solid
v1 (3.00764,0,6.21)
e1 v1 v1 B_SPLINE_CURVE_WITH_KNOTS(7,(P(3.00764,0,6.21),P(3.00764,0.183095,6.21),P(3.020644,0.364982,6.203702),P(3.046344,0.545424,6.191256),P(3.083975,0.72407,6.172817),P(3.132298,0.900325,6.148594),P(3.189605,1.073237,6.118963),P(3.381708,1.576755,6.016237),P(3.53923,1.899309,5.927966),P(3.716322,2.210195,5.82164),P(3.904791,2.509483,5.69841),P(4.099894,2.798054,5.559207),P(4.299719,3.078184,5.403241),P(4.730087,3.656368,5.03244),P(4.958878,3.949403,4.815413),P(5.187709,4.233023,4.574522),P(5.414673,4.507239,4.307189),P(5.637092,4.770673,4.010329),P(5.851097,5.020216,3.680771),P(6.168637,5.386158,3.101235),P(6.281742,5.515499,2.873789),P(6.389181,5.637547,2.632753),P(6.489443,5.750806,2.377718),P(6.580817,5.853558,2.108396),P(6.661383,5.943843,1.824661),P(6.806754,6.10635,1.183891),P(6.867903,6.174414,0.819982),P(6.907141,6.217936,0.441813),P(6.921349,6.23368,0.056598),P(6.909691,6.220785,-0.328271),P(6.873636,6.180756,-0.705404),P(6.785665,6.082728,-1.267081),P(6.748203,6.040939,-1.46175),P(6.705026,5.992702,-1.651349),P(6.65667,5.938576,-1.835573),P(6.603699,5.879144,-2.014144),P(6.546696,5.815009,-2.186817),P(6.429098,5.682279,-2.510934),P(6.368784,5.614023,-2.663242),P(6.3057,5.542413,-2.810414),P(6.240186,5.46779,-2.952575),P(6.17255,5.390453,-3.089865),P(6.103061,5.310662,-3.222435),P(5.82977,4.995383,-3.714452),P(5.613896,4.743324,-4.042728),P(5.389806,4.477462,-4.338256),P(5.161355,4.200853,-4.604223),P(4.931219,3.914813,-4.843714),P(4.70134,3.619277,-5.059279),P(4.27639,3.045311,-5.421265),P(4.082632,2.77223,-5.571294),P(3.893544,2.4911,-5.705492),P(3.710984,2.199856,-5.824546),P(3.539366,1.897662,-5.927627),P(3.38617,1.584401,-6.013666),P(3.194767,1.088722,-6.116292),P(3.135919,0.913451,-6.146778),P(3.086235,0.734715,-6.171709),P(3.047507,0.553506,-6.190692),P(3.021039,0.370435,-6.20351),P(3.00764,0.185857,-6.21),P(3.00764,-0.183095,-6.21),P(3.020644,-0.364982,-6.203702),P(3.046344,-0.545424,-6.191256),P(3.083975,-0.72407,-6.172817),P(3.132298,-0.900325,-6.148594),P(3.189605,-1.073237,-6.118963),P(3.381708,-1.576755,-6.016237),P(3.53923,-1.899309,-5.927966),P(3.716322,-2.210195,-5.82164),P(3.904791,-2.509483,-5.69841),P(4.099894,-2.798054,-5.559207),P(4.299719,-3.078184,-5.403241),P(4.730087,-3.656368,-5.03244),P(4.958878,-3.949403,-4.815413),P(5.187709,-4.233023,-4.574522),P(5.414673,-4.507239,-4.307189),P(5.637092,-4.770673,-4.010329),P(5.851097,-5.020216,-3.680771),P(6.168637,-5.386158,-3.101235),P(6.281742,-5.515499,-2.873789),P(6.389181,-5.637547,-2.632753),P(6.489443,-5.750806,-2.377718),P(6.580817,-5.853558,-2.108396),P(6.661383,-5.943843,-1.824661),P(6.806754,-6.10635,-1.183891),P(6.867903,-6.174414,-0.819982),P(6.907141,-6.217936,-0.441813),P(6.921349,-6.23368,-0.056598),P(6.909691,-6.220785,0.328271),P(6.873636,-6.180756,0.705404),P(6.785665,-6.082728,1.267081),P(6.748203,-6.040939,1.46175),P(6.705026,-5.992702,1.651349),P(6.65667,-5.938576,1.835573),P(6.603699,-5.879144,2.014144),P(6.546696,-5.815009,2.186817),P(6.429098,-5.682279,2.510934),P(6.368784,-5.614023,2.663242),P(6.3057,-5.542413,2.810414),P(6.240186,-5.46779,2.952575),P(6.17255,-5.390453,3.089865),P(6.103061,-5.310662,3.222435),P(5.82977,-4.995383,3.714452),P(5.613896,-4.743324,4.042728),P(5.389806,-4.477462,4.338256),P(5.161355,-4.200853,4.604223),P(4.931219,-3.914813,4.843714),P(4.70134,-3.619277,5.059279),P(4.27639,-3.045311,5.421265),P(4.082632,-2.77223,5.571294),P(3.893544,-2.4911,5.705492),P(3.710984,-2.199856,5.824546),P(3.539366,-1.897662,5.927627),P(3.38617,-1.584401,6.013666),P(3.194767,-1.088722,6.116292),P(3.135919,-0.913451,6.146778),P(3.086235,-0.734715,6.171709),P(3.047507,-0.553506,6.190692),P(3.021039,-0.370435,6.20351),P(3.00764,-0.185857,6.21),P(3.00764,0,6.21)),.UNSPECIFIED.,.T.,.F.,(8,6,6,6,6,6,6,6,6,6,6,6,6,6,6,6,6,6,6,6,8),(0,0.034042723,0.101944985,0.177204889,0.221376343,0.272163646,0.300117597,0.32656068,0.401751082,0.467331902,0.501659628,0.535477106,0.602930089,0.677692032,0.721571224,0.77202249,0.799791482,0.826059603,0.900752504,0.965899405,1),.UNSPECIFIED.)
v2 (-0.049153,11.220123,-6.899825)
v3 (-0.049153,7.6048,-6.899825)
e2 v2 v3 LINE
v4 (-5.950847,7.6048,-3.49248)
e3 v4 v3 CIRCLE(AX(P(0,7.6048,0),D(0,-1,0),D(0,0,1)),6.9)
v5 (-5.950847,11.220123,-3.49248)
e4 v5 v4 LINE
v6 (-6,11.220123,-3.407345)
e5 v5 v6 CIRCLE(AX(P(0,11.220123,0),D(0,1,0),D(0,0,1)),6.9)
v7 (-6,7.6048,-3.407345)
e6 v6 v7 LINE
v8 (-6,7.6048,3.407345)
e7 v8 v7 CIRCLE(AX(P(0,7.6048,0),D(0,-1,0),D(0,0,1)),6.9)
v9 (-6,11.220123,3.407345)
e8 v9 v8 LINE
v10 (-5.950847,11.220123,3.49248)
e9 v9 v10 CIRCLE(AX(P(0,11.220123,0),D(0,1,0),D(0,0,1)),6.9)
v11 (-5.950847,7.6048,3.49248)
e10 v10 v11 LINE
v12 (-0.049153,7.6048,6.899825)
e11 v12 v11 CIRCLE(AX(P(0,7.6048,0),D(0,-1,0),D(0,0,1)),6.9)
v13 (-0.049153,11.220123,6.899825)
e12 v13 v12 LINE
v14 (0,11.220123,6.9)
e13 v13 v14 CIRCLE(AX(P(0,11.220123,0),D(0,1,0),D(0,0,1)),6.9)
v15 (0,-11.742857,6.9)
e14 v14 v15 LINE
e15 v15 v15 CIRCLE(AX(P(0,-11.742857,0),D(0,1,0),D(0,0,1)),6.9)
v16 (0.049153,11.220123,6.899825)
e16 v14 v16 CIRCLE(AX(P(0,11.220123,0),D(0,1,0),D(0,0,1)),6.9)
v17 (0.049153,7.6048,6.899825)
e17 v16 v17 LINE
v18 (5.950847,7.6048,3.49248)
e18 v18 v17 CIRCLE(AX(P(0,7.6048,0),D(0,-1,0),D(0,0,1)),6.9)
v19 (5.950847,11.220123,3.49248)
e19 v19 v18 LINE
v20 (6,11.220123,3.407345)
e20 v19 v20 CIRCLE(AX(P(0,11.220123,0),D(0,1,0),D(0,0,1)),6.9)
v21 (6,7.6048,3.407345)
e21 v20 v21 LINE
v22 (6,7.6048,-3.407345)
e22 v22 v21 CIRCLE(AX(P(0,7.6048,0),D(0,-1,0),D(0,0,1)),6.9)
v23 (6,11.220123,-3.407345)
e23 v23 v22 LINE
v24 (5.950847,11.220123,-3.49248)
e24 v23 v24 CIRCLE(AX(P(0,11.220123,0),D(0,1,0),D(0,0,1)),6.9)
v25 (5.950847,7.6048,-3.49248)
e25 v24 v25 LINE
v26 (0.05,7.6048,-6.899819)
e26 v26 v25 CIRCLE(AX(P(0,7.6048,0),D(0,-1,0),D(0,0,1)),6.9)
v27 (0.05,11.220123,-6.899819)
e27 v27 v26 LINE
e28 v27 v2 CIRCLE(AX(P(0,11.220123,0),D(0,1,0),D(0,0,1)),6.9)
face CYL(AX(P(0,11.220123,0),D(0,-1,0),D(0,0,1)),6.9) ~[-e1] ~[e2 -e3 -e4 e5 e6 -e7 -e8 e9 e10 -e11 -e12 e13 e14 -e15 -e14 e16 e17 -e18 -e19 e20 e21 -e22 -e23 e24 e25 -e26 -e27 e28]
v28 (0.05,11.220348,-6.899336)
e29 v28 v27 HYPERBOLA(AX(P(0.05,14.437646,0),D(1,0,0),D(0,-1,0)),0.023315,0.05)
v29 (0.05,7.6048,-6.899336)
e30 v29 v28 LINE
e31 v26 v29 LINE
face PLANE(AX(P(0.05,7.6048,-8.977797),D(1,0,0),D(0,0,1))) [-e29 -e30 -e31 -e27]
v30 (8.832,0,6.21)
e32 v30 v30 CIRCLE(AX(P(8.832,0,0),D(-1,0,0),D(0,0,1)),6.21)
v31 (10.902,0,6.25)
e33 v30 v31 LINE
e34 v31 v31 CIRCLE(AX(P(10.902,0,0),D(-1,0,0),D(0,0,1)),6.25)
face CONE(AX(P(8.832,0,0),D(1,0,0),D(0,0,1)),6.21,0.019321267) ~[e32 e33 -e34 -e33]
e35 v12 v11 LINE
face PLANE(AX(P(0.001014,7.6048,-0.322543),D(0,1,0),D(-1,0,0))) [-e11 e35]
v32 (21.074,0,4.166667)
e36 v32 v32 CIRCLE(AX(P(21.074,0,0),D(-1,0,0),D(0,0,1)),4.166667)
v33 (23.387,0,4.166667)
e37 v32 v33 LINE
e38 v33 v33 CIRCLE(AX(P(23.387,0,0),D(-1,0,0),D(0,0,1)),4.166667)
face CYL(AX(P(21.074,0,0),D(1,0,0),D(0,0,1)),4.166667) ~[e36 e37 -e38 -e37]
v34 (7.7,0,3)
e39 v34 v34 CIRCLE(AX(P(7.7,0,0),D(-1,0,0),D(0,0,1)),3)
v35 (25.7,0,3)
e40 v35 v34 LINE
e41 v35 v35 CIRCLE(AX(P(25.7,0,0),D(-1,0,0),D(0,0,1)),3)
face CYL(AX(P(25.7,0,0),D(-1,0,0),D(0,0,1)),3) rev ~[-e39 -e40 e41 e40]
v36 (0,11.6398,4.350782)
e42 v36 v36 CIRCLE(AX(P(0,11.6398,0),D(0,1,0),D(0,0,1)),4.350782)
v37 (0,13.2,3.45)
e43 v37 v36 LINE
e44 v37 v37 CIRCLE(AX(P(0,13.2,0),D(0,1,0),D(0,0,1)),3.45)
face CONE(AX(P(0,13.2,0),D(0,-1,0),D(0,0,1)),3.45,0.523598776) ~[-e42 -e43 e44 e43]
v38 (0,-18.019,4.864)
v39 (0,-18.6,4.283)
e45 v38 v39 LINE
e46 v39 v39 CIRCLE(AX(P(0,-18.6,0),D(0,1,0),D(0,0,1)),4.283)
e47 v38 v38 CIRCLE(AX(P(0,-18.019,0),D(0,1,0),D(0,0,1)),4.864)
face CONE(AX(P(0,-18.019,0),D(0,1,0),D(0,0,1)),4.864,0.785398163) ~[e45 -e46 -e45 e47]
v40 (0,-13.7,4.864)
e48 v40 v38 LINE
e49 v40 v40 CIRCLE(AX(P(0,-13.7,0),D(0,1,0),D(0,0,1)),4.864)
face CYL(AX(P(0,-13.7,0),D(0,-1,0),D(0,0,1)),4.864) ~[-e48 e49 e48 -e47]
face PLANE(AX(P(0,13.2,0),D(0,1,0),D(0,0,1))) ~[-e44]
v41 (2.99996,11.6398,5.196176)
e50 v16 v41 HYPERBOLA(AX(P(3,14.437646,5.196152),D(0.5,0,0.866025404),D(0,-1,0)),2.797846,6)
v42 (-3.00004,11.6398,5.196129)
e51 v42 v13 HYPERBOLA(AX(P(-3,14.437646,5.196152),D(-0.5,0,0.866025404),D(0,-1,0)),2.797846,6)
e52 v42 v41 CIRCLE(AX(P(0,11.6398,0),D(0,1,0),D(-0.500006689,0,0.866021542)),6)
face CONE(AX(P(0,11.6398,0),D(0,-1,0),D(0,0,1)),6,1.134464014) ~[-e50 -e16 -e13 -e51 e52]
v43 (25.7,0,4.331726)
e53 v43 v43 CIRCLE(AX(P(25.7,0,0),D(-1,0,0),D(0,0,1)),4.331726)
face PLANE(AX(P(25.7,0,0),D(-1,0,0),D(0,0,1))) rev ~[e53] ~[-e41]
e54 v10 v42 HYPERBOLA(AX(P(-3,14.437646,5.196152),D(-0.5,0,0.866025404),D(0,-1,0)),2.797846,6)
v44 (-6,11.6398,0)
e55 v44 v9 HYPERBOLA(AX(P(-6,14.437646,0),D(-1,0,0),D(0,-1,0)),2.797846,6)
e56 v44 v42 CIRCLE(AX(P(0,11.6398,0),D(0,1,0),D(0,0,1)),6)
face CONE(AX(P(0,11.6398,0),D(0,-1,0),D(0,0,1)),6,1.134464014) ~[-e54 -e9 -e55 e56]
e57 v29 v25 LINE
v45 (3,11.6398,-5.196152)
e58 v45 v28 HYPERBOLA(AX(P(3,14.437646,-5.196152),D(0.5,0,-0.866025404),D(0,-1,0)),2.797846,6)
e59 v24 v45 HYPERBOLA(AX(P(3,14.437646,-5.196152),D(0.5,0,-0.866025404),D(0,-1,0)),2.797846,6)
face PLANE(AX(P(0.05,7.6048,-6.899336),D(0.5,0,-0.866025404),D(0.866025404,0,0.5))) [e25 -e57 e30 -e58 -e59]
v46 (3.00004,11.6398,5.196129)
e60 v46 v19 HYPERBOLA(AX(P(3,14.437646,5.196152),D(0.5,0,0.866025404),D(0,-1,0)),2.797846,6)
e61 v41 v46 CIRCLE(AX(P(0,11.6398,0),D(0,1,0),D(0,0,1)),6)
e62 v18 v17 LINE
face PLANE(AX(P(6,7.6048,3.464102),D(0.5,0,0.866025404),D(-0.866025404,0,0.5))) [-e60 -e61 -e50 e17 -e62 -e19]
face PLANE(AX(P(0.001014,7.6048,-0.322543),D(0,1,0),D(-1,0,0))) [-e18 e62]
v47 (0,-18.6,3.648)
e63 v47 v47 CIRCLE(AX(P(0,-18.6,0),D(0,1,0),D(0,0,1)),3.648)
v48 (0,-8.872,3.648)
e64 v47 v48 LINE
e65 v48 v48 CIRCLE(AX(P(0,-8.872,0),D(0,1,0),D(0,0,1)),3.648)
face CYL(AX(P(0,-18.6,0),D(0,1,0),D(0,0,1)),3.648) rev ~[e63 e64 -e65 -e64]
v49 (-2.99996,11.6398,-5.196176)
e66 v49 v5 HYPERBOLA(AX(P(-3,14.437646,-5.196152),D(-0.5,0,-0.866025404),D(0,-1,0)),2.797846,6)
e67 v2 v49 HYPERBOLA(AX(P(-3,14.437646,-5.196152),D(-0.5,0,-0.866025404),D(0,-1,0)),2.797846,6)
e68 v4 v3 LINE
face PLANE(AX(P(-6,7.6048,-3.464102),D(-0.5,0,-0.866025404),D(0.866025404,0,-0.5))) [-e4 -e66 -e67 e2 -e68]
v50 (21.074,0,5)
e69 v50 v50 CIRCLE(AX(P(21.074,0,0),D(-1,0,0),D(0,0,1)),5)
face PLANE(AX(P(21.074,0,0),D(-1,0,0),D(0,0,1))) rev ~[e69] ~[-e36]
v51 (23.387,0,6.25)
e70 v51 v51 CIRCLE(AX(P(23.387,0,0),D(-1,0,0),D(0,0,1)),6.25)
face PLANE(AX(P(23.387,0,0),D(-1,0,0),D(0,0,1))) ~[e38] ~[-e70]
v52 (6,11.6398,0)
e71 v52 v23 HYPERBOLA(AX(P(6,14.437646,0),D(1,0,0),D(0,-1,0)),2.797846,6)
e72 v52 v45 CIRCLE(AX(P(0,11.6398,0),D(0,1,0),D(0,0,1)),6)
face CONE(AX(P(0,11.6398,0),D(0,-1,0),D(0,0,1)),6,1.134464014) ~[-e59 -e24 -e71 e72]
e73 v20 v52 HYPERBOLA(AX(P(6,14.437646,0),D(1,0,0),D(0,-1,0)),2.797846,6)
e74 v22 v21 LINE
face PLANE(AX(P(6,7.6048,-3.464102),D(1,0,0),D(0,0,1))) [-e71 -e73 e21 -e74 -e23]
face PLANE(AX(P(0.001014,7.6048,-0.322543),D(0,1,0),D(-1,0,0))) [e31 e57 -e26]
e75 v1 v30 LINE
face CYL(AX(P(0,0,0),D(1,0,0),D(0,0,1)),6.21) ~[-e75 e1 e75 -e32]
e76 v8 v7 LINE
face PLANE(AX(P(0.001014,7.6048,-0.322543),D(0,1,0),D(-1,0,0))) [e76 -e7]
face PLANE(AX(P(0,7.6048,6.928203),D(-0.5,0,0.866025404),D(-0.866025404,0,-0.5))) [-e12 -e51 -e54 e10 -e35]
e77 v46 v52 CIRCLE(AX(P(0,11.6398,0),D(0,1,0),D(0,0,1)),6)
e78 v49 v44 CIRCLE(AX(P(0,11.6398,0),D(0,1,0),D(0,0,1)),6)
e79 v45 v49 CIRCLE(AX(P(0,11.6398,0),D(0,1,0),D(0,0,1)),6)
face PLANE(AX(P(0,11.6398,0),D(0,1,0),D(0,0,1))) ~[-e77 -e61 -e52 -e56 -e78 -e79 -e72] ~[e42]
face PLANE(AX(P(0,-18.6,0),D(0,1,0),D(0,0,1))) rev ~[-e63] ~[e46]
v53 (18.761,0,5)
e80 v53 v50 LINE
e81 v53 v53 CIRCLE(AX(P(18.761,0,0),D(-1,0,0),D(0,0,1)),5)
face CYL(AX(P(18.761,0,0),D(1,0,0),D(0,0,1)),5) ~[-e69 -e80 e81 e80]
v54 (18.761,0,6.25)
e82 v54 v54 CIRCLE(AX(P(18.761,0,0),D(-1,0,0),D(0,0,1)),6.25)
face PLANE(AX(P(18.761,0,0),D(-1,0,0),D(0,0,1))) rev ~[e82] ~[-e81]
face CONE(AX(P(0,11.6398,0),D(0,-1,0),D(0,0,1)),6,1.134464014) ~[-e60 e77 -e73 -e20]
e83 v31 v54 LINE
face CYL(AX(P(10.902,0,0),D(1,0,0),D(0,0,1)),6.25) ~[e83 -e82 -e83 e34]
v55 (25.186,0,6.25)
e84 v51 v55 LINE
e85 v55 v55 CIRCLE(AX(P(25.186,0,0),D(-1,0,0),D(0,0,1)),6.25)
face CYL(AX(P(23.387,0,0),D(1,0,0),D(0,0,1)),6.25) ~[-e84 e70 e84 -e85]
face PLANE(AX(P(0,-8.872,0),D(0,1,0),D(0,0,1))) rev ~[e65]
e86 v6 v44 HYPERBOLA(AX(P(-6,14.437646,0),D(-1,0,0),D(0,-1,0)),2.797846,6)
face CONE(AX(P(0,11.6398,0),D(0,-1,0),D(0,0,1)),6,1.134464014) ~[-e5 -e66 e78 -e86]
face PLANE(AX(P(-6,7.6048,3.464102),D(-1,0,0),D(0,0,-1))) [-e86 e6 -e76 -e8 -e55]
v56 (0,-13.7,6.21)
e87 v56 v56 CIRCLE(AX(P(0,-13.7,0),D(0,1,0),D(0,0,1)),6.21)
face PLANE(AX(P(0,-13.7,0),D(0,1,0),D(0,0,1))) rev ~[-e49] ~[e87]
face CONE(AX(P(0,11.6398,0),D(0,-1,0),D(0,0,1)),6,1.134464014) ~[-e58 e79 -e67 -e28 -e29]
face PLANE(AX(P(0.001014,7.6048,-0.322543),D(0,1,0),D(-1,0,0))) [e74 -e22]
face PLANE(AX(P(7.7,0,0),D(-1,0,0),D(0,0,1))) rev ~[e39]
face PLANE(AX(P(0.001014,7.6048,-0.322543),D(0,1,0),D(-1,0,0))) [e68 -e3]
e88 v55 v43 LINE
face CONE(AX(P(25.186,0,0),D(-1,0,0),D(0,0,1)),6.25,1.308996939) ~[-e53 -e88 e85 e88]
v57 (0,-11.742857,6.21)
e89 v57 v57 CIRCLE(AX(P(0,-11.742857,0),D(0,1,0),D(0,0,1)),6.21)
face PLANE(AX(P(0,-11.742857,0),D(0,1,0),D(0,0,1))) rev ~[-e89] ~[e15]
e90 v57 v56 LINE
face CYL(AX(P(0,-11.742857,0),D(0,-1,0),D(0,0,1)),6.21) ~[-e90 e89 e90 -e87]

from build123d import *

# Parameters (mm, degrees)
LINEAR_AUSTRAGEN1_DEPTH      = 4.035
LINEAR_AUSTRAGEN1_DEPTH_BACK = 4.035


with BuildPart() as part:
    # Skizze1 → Rotation1 (revolve)
    with BuildSketch(Plane.XY, mode=Mode.PRIVATE) as rotation1_sk:
        Polygon((0, 13.2), (3.45, 13.2), (4.35078189, 11.6398), (6, 11.6398), (6.9, 11.220123108), (6.9, -11.742857143), (6.21, -11.742857143), (6.21, -13.7), (4.864, -13.7), (4.864, -18.019), (4.283, -18.6), (3.648, -18.6), (3.648, -8.872), (0, -8.872), align=None)
    revolve(rotation1_sk.sketch.rotate(Axis((0, -18.6, 0), (0, 1, 0)), 270), axis=Axis((0, -18.6, 0), (0, 1, 0)))

    # Skizze2 → Linear austragen1 (cut, two sides: drawn at the far end of the back side and taken through both)
    with BuildSketch(Plane(origin=(0, 11.6398, 0), x_dir=(-1, 0, 0), z_dir=(0, 1, 0)).offset(-LINEAR_AUSTRAGEN1_DEPTH_BACK)):
        Polygon((7.8, -4.5033321), (7.8, 4.5033321), (0, 9.006664199), (-7.8, 4.5033321), (-7.8, -4.5033321), (-0.05, -8.977796686), (-0.05, -6.899335717), (-6, -3.464101615), (-6, 3.464101615), (0, 6.92820323), (6, 3.464101615), (6, -3.464101615), (0, -6.92820323), (0, -9.006664199), align=None)
    extrude(amount=LINEAR_AUSTRAGEN1_DEPTH + LINEAR_AUSTRAGEN1_DEPTH_BACK, mode=Mode.SUBTRACT)

    # Skizze3 → Rotation2 (revolve)
    with BuildSketch(Plane.XY, mode=Mode.PRIVATE) as rotation2_sk:
        Polygon((0, 0), (0, 6.21), (8.832, 6.21), (10.902, 6.25), (18.761, 6.25), (18.761, 5), (21.074, 5), (21.074, 4.166666667), (23.387, 4.166666667), (23.387, 6.25), (25.186, 6.25), (25.7, 4.331725885), (25.7, 3), (7.7, 3), (7.7, 0), align=None)
    revolve(rotation2_sk.sketch.rotate(Axis((25.7, 0, 0), (-1, 0, 0)), 270), axis=Axis((25.7, 0, 0), (-1, 0, 0)))


solid = part.part
